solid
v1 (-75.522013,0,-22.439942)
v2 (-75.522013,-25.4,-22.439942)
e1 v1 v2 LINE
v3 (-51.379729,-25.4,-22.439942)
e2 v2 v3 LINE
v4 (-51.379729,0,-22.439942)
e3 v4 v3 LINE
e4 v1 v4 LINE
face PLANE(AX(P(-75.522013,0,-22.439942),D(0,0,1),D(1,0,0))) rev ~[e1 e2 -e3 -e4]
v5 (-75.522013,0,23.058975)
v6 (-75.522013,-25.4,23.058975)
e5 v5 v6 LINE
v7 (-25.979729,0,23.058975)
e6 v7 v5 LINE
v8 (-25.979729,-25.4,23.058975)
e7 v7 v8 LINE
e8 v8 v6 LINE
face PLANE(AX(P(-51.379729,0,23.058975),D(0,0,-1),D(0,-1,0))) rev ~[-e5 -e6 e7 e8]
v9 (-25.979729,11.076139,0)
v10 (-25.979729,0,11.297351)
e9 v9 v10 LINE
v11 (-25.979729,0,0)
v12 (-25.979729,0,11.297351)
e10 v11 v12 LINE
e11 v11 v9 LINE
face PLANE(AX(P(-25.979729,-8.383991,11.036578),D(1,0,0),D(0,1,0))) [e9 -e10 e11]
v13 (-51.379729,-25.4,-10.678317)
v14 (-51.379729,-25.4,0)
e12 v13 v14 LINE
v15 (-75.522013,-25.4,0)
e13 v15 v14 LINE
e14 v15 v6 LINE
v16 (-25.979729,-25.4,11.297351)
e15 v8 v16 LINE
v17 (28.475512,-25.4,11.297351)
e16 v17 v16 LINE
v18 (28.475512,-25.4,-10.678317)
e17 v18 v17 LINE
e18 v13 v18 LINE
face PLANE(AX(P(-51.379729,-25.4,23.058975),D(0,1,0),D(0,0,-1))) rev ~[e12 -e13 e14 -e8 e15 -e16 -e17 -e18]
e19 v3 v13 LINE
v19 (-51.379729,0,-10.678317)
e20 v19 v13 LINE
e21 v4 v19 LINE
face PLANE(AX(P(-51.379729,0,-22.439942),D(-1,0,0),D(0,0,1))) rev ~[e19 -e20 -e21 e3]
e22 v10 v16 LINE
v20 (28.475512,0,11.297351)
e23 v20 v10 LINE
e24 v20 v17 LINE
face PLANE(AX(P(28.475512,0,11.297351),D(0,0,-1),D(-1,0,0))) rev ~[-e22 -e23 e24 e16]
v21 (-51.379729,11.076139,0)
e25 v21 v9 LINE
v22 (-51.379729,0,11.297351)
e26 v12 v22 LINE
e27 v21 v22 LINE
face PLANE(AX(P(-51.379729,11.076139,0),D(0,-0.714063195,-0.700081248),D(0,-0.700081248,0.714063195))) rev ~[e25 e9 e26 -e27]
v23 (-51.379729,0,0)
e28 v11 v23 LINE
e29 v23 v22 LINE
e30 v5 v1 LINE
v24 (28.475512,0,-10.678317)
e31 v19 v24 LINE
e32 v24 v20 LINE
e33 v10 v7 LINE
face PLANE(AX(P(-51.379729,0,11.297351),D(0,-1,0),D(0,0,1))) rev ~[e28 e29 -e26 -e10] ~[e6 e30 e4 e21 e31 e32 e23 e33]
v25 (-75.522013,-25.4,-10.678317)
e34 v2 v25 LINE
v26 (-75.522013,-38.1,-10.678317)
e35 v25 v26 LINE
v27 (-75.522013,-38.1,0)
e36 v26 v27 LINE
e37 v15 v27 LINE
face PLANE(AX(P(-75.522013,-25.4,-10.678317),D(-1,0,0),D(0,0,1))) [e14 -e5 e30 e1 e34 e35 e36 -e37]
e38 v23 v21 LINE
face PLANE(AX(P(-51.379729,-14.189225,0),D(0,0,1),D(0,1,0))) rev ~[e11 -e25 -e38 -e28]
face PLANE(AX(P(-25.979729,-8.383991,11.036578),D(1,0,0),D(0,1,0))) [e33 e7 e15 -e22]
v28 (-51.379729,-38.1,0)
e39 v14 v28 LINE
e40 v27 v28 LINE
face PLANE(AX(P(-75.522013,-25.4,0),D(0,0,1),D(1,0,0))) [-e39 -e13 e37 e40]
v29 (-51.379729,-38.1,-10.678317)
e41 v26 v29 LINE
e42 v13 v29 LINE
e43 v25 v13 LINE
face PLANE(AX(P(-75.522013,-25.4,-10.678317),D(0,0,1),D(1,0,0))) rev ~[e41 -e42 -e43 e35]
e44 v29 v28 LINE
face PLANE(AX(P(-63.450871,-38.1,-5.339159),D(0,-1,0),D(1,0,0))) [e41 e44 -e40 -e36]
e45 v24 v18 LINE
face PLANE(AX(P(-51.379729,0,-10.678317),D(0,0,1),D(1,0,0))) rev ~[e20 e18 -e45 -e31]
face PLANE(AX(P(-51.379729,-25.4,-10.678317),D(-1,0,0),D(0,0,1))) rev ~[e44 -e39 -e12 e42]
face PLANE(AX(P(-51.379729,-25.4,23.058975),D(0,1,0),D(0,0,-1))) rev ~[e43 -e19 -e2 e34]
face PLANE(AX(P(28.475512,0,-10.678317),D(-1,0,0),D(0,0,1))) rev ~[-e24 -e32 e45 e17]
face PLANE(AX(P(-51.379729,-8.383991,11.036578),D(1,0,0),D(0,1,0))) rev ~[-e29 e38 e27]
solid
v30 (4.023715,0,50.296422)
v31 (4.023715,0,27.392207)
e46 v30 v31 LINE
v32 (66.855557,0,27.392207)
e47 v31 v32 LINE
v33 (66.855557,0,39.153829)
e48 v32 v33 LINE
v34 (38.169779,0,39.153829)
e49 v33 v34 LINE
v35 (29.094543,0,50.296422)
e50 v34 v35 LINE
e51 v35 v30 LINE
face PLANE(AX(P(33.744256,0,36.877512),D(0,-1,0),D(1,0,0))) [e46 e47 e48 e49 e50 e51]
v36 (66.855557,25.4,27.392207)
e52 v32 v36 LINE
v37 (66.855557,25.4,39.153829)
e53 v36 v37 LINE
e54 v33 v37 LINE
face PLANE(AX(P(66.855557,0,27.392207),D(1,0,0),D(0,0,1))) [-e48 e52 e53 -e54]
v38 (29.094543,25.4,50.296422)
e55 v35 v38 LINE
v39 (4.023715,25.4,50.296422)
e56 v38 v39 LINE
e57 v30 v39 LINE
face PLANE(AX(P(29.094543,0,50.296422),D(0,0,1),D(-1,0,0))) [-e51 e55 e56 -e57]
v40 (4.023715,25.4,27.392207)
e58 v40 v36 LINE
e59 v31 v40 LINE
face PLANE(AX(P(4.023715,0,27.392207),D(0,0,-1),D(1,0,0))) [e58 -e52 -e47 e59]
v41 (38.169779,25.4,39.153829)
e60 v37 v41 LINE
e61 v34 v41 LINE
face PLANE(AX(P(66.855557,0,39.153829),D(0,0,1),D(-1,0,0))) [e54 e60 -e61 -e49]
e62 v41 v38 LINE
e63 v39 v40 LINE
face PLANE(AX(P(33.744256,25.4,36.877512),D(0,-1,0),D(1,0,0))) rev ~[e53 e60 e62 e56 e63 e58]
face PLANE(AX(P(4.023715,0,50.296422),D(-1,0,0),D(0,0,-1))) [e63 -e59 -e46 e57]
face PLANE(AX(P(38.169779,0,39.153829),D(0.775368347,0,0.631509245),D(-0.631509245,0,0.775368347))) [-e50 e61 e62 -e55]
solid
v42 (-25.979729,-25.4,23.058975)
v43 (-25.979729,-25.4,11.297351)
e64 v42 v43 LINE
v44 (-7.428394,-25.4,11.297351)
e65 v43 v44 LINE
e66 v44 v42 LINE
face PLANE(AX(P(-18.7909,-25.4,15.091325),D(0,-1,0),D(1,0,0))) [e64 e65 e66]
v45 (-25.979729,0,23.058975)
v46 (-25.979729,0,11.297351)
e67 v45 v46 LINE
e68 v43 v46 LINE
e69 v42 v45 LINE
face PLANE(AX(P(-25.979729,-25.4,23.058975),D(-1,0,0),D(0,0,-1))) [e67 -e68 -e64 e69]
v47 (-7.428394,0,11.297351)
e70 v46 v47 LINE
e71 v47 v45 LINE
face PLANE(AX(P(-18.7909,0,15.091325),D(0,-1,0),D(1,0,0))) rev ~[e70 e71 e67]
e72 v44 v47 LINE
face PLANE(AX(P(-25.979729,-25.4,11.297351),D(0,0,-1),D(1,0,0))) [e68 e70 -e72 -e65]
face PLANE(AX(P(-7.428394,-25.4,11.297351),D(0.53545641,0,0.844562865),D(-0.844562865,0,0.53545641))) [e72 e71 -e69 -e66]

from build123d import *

# Parameters (mm, degrees)
F0_W     = 24.1422839463
F0_H     = 11.761624366
F1_DEPTH = 25.4
F3_DEPTH = 25.4
F4_W     = 24.1422839463
F4_H     = 10.6783173978
F5_DEPTH = 12.7
F6_W     = 11.0190240666
F6_H     = 7.1538891643
F7_DEPTH = 25.4
F9_DEPTH = 25.4


with BuildPart() as f1:
    # F0 (on Front) → F1 (new body)
    with BuildSketch(Plane.XZ):
        Polygon((-29.4040627778, 11.2973507494), (-43.0227853358, 11.2973507494), (-43.0227853358, 0), (-43.0227853358, -10.6783173978), (-28.1659960747, -10.6783173978), (-28.1659960747, 0), (-28.1659960747, 11.2973507494), align=None)
        Polygon((28.4755118191, 11.2973507494), (-28.1659960747, 11.2973507494), (-28.1659960747, 0), (-28.1659960747, -10.6783173978), (28.4755118191, -10.6783173978), (28.4755118191, 0), align=None)
        with Locations((-63.4508710355, 17.1781629324)):
            Rectangle(F0_W, F0_H)
        Polygon((-51.3797290623, 11.2973507494), (-75.5220130086, 11.2973507494), (-75.5220130086, 0), (-43.0227853358, 0), (-43.0227853358, 11.2973507494), align=None)
        with Locations((-63.4508710355, -16.5591295809)):
            Rectangle(F0_W, F0_H)
        Polygon((-43.0227853358, 0), (-75.5220130086, 0), (-75.5220130086, -10.6783173978), (-51.3797290623, -10.6783173978), (-43.0227853358, -10.6783173978), align=None)
    extrude(amount=F1_DEPTH)

    # F2 (on face) → F3 (join)
    with BuildSketch(Plane.YZ.offset(-51.3797290623)):
        Polygon((-23.5467646271, 23.0589751154), (-25.4, 23.0589751154), (-25.4, 11.2973507494), (-14.1892246902, 0), (11.0761392862, 0), (0, 11.2973507494), (0, 23.0589751154), align=None)
    extrude(amount=F3_DEPTH)

    # F4 (on face) → F5 (join)
    with BuildSketch(Plane.XZ.offset(25.4)):
        with Locations((-63.4508710355, -5.3391586989)):
            Rectangle(F4_W, F4_H)
    extrude(amount=F5_DEPTH)


with BuildPart() as f7:
    # F6 (on Front) → F7 (new body)
    with BuildSketch(Plane.XZ):
        Polygon((15.042738989, 34.5460958779), (15.042738989, 27.3922067136), (66.8555572629, 27.3922067136), (66.8555572629, 39.153829217), (38.1697788835, 39.153829217), (29.094543308, 50.2964220941), (4.0237149224, 50.2964220941), (4.0237149224, 34.5460958779), align=None)
        with Locations((9.5332269557, 30.9691512957)):
            Rectangle(F6_W, F6_H)
    extrude(amount=-F7_DEPTH)


with BuildPart() as f9:
    # F8 (on face) → F9 (new body)
    with BuildSketch(Plane.XZ.offset(25.4)):
        Polygon((-7.4283941649, 11.2973507494), (-25.9797290623, 23.0589751154), (-25.9797290623, 11.2973507494), align=None)
    extrude(amount=-F9_DEPTH)


solid = Compound([f1.part, f7.part, f9.part])
